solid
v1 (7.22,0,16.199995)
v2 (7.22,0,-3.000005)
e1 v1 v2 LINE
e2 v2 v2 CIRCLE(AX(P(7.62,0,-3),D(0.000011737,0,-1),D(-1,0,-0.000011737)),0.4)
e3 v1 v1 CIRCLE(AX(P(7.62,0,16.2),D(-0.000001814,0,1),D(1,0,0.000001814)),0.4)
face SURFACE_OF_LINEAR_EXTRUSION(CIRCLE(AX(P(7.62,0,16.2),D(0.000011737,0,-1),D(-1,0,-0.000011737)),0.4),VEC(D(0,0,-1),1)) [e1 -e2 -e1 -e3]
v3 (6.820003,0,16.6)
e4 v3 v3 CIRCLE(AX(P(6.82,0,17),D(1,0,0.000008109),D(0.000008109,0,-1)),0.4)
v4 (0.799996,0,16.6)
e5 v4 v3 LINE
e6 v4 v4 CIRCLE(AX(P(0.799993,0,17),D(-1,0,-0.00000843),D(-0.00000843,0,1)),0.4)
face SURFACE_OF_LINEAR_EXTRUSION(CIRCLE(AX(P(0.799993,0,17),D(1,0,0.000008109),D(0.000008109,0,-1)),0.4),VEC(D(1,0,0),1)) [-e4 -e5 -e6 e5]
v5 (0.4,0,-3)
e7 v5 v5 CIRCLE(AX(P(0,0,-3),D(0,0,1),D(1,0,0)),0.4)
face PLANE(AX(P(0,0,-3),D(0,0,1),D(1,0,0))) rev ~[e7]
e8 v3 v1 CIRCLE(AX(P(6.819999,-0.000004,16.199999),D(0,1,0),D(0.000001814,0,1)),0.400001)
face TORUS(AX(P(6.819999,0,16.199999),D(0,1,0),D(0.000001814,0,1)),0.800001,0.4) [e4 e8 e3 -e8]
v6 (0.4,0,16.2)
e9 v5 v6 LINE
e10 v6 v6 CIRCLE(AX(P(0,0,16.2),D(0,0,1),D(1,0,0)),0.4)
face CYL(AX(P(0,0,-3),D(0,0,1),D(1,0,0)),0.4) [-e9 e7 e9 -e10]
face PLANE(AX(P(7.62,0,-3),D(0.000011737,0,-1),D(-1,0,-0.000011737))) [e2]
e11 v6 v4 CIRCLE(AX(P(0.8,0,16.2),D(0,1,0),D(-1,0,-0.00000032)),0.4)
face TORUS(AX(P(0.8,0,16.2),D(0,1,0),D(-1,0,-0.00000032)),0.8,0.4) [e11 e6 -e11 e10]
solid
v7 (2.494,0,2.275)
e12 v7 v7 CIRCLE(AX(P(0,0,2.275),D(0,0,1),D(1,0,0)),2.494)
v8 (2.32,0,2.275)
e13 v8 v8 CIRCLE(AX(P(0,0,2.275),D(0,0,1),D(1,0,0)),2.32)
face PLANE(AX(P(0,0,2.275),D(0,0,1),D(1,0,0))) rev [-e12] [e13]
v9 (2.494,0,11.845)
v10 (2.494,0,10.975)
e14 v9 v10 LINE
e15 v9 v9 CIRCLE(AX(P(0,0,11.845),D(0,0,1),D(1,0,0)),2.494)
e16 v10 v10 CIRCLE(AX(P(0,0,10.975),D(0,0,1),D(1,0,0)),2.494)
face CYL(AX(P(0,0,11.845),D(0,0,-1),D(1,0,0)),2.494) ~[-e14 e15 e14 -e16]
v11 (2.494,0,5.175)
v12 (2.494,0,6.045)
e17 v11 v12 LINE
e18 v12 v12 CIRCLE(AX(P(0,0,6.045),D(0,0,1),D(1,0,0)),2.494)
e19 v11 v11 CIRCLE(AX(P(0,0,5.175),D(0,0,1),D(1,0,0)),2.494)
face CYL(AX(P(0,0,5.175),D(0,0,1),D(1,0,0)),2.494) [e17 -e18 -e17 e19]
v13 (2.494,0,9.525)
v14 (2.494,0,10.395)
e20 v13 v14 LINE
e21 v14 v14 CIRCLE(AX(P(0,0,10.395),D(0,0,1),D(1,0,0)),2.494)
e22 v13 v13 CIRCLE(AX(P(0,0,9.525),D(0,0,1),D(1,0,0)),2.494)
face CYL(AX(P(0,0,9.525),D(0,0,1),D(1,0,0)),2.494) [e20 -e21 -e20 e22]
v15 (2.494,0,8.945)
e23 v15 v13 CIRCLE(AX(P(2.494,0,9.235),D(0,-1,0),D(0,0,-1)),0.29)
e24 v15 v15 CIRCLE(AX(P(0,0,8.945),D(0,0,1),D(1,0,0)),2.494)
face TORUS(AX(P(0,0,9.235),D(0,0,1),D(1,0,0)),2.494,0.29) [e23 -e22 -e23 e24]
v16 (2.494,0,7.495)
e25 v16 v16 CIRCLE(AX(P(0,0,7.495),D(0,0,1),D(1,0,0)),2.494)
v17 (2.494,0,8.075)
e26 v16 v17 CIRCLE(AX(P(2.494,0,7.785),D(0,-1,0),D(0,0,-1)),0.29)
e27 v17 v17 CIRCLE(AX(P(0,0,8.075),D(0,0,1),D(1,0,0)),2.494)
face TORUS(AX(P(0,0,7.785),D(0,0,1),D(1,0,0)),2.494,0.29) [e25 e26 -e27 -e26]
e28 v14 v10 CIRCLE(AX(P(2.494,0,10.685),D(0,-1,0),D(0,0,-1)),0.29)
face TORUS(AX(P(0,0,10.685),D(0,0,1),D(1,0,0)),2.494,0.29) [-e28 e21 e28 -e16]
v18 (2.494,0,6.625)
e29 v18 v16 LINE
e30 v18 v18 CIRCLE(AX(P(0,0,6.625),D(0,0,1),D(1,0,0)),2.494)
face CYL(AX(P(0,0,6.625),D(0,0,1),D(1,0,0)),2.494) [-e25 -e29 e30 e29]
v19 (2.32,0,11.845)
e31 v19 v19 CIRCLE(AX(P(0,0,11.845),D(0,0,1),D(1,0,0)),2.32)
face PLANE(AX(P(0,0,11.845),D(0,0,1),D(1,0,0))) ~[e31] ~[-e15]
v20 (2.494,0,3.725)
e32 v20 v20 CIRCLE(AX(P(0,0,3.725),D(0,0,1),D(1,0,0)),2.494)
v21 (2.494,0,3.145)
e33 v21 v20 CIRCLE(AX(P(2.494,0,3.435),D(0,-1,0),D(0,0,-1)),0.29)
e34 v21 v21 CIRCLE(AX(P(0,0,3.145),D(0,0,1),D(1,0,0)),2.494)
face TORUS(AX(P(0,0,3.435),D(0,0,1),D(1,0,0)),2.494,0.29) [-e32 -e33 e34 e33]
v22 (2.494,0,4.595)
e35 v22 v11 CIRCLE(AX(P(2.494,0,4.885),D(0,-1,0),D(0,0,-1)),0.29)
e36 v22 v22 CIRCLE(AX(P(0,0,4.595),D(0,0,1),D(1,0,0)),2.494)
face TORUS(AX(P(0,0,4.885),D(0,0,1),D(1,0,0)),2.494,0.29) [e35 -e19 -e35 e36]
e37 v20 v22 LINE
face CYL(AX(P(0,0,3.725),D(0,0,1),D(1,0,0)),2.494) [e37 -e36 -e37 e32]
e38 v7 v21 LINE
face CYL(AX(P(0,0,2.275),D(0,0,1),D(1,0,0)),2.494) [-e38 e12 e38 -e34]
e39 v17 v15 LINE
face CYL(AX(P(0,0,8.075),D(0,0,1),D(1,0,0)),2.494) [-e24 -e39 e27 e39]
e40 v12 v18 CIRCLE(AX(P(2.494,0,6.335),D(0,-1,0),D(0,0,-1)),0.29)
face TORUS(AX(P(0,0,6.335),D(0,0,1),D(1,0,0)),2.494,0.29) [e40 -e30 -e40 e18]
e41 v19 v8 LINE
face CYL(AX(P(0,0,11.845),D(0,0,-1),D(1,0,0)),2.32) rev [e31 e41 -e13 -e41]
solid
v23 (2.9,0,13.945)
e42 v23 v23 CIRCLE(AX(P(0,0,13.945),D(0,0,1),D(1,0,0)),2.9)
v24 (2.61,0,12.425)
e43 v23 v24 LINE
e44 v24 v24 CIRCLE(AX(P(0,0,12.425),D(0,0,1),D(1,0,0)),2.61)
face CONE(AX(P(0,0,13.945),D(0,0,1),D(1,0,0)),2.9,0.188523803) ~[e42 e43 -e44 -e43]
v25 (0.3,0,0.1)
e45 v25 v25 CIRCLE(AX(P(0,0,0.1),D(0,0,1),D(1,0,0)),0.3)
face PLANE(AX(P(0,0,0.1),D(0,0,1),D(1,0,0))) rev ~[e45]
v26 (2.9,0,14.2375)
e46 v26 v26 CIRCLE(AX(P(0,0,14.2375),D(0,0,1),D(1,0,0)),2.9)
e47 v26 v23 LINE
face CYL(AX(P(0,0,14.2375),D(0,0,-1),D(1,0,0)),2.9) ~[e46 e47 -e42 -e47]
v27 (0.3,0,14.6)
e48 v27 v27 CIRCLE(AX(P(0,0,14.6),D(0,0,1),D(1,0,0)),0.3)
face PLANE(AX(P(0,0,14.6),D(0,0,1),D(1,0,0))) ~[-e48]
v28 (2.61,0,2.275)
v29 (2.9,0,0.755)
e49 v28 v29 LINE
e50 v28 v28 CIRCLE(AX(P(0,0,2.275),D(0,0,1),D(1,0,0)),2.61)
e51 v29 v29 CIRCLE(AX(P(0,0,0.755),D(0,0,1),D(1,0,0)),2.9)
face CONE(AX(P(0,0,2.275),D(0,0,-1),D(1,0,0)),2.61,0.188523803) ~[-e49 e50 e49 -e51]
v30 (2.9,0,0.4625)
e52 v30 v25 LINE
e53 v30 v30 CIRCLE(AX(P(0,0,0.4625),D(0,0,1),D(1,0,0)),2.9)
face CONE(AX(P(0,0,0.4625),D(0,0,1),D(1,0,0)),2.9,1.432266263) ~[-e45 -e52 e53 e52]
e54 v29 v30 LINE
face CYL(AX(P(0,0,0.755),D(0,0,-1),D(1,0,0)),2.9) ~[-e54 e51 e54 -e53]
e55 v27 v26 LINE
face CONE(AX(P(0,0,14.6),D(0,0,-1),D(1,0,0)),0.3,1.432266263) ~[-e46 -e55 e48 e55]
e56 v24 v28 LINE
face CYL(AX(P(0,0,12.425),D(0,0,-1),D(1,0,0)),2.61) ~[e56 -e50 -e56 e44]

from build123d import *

# Parameters (mm, degrees)
SKETCH_R = 0.4


with BuildPart() as sweep_body:
    # Sweep: sweep along a path in Sketch001
    with BuildLine(Plane.XZ) as sweep_path:
        Line((0, -3), (0, 16.2))
        ThreePointArc((0, 16.2), (0.234312, 16.765683), (0.799993, 17))
        Line((0.799993, 17), (6.82, 17))
        ThreePointArc((6.82, 17), (7.385685, 16.765685), (7.62, 16.2))
        Line((7.62, 16.2), (7.62, -3))
    # Sketch → Sweep (sweep)
    with BuildSketch(Plane.XY.offset(-2)):
        Circle(SKETCH_R)
    sweep(path=sweep_path.line)


with BuildPart() as revolution:
    # Sketch002 → Revolution (revolve)
    with BuildSketch(Plane.XZ):
        Polygon((0, 0.1), (0, 14.6), (0.3, 14.6), (2.9, 14.2375), (2.9, 13.945), (2.61, 12.425), (2.61, 2.275), (2.9, 0.755), (2.9, 0.4625), (0.3, 0.1), align=None)
    revolve(axis=Axis((0, 0, 0), (0, 0, 1)))


with BuildPart() as revolution001:
    # Sketch003 → Revolution001 (revolve)
    with BuildSketch(Plane.XZ):
        with BuildLine():
            Line((2.32, 11.845), (2.32, 2.275))
            Line((2.32, 2.275), (2.494, 2.275))
            Line((2.494, 2.275), (2.494, 3.145))
            ThreePointArc((2.494, 3.145), (2.784, 3.435), (2.494, 3.725))
            Line((2.494, 3.725), (2.494, 4.595))
            ThreePointArc((2.494, 4.595), (2.784, 4.885), (2.494, 5.175))
            Line((2.494, 5.175), (2.494, 6.045))
            ThreePointArc((2.494, 6.045), (2.784, 6.335), (2.494, 6.625))
            Line((2.494, 6.625), (2.494, 7.495))
            ThreePointArc((2.494, 7.495), (2.784, 7.785), (2.494, 8.075))
            Line((2.494, 8.075), (2.494, 8.945))
            ThreePointArc((2.494, 8.945), (2.784, 9.235), (2.494, 9.525))
            Line((2.494, 9.525), (2.494, 10.395))
            ThreePointArc((2.494, 10.395), (2.784, 10.685), (2.494, 10.975))
            Line((2.494, 11.845), (2.494, 10.975))
            Line((2.32, 11.845), (2.494, 11.845))
        make_face()
    revolve(axis=Axis((0, 0, 0), (0, 0, 1)))


solid = Compound([sweep_body.part, revolution.part, revolution001.part])
